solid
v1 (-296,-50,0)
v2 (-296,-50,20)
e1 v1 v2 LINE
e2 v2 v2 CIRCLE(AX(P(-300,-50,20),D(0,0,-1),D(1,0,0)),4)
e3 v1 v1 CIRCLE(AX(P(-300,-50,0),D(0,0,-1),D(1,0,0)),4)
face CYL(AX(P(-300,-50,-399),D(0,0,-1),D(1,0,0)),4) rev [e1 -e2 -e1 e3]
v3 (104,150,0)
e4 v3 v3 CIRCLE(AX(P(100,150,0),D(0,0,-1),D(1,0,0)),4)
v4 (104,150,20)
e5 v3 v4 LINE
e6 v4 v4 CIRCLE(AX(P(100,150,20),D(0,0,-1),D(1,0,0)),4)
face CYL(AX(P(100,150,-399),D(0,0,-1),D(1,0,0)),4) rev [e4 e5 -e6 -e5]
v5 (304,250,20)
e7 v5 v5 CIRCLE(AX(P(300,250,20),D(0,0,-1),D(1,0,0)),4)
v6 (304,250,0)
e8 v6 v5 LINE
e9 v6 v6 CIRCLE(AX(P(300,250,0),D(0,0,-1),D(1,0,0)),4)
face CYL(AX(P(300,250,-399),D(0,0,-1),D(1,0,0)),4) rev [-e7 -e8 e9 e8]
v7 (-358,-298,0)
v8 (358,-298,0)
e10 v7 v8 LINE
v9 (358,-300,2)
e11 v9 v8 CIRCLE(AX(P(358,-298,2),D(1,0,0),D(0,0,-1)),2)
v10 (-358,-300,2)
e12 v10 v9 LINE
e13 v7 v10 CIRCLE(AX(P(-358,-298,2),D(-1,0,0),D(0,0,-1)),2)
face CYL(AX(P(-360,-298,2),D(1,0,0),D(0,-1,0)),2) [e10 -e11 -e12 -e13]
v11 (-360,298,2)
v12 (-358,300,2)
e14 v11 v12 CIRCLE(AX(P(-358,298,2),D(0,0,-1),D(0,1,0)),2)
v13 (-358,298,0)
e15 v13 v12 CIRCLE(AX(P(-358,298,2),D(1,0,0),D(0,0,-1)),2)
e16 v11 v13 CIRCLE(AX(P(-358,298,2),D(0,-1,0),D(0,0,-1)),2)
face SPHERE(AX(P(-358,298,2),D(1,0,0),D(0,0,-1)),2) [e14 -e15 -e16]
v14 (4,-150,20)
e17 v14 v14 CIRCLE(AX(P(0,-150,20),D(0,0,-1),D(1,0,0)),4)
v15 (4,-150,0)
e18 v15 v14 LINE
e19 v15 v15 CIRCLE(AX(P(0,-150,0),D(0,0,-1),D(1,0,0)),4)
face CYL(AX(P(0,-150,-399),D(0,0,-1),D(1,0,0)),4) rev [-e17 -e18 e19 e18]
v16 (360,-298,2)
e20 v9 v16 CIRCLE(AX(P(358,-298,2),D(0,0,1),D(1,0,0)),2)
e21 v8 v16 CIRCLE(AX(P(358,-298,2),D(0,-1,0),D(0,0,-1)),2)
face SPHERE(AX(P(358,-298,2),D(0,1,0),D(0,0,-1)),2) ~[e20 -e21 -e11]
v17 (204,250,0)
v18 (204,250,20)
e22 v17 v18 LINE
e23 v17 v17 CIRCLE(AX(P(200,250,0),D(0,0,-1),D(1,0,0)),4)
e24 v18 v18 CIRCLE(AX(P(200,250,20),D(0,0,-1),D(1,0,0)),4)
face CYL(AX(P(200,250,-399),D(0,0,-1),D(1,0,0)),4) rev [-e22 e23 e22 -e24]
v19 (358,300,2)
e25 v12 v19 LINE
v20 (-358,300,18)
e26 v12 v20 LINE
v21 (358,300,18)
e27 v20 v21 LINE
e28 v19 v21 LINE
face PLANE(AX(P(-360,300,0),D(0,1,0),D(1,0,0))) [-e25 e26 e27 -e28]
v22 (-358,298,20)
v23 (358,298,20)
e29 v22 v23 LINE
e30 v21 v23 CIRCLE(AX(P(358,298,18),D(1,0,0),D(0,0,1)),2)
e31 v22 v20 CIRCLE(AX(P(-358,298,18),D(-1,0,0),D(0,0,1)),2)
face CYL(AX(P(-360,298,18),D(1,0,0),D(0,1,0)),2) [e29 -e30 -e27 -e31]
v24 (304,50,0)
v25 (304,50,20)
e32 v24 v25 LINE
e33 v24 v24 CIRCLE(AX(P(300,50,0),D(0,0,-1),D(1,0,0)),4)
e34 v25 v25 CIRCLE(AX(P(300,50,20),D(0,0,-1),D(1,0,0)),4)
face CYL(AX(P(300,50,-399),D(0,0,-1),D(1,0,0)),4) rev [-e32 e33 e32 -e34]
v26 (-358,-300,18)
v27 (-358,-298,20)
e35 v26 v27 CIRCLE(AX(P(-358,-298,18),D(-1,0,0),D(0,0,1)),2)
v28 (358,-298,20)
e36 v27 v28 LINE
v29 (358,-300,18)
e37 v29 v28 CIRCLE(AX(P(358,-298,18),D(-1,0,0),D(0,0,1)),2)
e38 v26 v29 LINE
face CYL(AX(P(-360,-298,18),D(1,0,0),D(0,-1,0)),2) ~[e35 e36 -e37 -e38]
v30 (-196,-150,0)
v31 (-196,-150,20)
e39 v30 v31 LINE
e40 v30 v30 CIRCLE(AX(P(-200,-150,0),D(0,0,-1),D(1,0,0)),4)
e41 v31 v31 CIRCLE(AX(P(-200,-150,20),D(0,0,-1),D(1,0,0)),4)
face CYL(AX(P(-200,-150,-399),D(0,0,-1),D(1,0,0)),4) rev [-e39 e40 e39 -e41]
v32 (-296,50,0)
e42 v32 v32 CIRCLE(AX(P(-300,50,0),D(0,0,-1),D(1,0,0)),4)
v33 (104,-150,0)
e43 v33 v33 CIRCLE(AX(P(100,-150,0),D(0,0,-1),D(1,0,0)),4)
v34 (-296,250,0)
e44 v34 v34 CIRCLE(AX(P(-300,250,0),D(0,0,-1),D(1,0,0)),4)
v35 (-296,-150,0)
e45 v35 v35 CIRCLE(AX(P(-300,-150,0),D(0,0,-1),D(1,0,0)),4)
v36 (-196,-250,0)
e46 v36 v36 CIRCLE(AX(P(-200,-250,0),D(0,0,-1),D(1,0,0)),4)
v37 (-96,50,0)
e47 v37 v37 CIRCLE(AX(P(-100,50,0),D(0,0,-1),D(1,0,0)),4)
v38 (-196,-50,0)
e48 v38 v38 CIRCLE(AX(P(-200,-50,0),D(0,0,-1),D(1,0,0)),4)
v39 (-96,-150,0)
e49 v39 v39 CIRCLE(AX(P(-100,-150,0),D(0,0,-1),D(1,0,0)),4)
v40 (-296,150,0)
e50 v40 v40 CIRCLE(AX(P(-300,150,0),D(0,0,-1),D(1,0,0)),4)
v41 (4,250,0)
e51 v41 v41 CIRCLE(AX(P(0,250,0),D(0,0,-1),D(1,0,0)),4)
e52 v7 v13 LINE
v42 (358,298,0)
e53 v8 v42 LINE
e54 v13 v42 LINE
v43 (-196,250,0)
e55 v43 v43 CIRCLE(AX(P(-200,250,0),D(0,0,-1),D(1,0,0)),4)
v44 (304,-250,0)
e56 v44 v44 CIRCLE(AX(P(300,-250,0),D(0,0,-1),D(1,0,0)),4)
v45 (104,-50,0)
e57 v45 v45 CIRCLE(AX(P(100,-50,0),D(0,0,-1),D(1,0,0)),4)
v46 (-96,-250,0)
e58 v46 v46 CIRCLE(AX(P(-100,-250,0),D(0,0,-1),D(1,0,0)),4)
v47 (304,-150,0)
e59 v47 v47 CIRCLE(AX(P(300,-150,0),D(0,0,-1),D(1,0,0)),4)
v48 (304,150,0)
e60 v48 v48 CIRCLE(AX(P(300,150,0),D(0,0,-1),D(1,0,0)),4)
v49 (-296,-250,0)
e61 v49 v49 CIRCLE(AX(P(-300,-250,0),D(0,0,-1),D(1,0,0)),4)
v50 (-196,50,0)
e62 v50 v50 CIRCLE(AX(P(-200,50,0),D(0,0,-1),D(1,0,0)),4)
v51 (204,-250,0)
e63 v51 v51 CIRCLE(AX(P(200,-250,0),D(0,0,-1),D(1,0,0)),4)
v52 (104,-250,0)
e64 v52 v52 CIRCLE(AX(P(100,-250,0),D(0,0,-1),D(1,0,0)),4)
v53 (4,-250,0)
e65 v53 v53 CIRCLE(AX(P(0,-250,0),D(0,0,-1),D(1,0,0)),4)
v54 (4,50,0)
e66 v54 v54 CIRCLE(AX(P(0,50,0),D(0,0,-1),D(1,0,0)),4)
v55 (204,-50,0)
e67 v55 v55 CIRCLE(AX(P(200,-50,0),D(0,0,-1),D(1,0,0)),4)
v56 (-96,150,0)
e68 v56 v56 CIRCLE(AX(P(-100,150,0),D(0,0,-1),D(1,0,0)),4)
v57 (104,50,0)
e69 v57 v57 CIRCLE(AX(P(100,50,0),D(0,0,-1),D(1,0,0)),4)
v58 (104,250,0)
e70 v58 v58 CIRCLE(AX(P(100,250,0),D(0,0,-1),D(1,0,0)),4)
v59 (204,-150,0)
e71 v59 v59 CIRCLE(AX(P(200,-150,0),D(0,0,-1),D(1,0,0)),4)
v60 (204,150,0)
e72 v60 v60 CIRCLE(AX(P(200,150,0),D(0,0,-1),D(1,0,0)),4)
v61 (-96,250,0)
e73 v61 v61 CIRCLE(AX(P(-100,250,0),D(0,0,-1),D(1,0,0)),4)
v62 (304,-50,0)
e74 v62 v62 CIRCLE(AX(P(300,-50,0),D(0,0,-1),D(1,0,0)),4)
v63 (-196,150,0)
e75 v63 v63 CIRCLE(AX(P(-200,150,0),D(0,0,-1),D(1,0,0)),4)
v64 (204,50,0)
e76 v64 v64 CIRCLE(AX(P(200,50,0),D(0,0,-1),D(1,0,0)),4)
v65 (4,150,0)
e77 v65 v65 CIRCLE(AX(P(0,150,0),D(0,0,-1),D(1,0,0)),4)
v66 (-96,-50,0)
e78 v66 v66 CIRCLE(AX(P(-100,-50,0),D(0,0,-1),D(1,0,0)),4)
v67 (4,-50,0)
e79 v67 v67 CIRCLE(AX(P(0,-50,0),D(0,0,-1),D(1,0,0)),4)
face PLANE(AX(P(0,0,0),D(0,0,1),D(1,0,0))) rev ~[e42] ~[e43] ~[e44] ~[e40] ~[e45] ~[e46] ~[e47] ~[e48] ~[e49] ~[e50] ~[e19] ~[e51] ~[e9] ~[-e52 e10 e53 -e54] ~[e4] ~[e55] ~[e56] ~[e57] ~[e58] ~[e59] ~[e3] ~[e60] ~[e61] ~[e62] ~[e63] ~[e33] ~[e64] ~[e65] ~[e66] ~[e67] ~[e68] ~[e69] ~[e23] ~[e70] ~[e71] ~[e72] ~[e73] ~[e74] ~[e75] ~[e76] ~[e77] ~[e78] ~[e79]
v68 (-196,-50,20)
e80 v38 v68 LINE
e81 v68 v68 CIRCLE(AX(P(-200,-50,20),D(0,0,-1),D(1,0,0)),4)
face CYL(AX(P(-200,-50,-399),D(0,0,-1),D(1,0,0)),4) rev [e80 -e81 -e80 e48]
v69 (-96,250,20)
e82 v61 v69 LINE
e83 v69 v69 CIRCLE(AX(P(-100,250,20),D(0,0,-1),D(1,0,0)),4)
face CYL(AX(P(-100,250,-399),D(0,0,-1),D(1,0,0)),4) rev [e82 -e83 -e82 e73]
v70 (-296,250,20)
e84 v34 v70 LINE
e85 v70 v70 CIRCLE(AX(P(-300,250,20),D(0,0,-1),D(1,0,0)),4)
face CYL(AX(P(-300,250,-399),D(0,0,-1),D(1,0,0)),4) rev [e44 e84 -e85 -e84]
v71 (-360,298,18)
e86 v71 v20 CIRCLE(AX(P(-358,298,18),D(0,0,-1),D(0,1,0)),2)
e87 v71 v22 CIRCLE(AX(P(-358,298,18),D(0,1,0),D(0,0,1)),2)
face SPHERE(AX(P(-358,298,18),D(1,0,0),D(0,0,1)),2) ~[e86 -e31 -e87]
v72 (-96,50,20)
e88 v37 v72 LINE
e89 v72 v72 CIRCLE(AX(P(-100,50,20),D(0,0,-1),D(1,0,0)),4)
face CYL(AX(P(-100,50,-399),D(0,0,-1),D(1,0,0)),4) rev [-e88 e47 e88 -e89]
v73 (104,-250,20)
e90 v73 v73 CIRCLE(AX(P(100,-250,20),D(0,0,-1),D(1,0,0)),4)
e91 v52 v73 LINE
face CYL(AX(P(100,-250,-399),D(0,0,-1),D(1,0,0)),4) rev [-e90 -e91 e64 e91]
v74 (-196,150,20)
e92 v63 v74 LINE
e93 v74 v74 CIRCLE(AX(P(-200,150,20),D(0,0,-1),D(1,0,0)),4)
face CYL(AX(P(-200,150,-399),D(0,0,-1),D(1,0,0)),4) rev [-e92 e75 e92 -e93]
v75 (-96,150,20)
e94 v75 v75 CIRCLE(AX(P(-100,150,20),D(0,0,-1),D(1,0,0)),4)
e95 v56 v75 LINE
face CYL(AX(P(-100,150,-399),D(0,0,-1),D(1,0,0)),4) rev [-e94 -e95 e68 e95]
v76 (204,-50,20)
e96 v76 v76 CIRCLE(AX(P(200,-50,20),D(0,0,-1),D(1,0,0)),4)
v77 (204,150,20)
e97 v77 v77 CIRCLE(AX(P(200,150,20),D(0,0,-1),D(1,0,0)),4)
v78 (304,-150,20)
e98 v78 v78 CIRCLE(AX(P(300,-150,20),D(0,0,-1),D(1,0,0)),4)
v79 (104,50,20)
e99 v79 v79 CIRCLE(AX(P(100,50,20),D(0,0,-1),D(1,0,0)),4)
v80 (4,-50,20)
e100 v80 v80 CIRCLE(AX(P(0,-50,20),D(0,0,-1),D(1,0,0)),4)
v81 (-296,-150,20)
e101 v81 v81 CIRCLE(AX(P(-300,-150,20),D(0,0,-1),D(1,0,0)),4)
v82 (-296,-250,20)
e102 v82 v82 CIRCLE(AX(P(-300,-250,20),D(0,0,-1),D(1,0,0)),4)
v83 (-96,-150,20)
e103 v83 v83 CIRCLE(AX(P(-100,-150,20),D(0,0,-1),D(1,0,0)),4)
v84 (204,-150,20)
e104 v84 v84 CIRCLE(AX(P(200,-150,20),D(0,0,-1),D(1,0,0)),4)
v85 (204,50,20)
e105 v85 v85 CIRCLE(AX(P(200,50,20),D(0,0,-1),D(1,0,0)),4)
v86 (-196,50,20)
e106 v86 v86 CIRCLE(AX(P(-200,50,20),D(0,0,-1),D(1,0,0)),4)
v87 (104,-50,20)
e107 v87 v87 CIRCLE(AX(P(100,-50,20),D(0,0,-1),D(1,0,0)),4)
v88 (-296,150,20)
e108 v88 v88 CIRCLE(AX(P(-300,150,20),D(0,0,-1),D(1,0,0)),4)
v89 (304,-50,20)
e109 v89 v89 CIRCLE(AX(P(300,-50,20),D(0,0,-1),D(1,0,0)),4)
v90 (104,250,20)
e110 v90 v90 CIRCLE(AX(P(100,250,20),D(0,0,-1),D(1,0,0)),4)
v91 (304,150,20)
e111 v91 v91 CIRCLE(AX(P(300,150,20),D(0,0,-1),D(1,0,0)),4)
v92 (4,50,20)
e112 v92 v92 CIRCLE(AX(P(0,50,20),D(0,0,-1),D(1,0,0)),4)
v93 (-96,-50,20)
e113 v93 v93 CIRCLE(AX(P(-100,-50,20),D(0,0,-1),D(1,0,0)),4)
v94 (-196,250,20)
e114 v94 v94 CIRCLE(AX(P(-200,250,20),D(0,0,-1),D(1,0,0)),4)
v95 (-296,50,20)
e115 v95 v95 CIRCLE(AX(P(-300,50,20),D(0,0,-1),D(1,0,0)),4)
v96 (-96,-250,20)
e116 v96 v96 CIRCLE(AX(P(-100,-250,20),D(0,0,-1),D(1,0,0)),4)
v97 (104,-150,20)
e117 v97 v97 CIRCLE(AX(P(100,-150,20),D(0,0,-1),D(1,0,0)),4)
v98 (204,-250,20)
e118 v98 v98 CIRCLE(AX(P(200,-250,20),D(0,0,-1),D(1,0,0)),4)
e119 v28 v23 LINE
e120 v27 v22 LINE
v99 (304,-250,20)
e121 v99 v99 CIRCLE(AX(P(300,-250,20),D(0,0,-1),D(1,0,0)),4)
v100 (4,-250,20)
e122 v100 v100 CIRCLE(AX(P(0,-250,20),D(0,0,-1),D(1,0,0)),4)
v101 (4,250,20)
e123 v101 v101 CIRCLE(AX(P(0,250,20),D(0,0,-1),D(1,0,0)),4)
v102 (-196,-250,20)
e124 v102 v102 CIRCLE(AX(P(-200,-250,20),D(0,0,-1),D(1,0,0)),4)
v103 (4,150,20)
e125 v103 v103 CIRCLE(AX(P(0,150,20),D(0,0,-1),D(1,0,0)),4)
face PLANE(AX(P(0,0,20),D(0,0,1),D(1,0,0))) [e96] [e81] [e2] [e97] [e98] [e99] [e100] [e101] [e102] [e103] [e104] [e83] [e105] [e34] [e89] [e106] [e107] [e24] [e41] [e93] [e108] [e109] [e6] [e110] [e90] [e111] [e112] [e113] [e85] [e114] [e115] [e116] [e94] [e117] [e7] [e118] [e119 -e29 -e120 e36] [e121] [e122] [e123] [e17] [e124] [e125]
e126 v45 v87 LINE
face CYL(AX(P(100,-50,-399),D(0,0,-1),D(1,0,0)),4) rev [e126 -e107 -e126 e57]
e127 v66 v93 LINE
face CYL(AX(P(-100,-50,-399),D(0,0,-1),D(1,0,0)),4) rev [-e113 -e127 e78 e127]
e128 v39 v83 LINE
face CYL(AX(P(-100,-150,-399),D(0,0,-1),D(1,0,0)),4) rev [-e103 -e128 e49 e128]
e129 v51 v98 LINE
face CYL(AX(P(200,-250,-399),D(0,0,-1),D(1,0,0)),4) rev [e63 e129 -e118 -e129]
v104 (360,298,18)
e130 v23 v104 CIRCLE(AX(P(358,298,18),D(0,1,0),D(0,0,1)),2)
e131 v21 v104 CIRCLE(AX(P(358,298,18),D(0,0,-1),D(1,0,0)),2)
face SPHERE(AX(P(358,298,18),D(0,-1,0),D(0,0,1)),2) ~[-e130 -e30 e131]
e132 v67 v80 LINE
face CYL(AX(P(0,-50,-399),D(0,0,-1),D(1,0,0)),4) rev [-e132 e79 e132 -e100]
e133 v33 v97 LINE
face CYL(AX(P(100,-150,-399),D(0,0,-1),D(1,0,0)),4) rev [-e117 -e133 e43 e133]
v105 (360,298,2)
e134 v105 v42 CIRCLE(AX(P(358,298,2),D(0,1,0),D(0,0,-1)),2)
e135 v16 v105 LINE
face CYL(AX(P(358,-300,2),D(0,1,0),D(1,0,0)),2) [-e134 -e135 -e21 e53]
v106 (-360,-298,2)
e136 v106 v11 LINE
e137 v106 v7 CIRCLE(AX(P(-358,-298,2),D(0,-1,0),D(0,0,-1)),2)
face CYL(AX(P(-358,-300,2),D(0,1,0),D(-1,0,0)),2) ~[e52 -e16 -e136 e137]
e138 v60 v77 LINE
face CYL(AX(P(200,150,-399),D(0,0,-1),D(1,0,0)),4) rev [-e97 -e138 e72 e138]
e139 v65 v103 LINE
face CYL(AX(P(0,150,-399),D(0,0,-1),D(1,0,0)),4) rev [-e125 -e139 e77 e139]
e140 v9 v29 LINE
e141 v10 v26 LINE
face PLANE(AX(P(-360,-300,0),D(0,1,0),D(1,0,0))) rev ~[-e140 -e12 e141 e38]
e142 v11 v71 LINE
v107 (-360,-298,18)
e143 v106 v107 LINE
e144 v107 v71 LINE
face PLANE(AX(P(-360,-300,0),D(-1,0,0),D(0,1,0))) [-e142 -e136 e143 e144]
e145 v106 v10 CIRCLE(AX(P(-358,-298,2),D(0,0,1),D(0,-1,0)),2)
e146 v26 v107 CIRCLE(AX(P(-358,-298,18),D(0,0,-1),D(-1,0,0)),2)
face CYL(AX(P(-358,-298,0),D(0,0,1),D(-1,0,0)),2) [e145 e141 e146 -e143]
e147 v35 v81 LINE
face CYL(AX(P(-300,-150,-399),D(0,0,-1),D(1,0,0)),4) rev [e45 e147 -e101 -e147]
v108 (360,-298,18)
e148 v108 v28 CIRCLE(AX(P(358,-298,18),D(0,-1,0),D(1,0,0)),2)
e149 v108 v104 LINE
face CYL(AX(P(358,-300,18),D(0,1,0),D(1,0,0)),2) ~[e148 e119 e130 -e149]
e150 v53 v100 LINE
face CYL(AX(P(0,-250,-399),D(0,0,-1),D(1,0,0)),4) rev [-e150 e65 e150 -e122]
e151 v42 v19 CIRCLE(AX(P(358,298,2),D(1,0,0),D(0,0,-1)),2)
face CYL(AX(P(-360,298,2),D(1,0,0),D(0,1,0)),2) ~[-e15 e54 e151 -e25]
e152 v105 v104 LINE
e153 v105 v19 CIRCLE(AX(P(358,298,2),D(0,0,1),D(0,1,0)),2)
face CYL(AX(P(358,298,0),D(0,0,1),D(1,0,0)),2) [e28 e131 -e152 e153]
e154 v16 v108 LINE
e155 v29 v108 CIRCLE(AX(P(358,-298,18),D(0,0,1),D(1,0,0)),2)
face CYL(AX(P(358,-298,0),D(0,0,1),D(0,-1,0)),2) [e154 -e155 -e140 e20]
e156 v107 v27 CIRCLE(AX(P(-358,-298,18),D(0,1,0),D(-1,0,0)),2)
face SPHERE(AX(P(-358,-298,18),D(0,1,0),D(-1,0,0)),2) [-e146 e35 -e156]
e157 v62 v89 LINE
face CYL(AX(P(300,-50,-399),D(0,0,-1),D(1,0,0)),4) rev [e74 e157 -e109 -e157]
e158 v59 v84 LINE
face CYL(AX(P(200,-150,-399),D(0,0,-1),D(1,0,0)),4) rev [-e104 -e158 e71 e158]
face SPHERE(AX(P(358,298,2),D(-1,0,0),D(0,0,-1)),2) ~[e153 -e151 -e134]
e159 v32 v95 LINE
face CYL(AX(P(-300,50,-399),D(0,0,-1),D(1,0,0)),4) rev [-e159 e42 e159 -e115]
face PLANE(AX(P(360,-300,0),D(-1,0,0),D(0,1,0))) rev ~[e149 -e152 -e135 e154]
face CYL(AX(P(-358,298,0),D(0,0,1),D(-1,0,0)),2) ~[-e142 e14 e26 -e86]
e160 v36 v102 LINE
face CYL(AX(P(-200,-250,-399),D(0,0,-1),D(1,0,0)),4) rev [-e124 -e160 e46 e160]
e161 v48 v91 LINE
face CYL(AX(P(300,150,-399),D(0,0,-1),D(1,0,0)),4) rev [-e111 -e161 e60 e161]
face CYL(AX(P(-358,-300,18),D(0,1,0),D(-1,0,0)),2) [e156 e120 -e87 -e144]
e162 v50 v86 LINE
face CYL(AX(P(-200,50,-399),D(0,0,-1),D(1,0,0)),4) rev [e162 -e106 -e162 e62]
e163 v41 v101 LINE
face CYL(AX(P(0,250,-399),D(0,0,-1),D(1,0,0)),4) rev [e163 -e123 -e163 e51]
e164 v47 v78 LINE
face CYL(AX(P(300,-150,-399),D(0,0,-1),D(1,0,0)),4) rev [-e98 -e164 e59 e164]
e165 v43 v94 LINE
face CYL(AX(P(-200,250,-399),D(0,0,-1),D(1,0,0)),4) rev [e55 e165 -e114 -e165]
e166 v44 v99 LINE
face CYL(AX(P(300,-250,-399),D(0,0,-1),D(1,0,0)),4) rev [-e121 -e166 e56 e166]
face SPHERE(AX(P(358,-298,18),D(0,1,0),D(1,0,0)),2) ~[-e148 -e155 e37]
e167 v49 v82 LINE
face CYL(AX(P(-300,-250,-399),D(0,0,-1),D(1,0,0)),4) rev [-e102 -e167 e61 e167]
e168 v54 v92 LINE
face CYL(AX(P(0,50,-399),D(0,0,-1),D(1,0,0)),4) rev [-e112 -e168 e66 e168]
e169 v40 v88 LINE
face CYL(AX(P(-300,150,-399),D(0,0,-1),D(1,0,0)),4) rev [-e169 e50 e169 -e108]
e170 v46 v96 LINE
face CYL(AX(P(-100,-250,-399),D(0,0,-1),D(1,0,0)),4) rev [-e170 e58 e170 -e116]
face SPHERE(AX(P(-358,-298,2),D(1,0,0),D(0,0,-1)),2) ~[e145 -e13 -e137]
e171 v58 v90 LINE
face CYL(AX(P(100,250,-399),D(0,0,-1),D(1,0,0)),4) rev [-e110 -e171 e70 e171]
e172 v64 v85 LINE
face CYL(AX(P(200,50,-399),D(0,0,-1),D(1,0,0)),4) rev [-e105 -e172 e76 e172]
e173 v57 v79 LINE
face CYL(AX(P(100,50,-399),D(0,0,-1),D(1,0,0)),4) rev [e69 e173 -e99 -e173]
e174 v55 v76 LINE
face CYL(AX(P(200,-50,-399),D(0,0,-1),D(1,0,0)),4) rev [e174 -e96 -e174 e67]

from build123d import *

# Parameters (mm, degrees)
SKETCH1_W               = 720
SKETCH1_H               = 600
BOSS_EXTRUDE1_DEPTH     = 20
FILLET1_R               = 2
CUT_EXTRUDE2_DEPTH      = 470.041575982
CUT_EXTRUDE2_DEPTH_BACK = 419
SKETCH2_R               = 4


with BuildPart() as part:
    # Sketch1 → Boss-Extrude1 (new body)
    with BuildSketch(Plane.XY):
        Rectangle(SKETCH1_W, SKETCH1_H)
    extrude(amount=BOSS_EXTRUDE1_DEPTH)

    # Fillet1
    fillet1_edges = [part.edges().sort_by_distance(p)[0] for p in [
        (360, 0, 20),
        (0, 300, 20),
        (-360, 0, 20),
        (0, 300, 0),
        (360, 0, 0),
        (0, -300, 0),
        (-360, 0, 0),
        (-360, 300, 10),
        (360, 300, 10),
        (360, -300, 10),
        (-360, -300, 10),
        (0, -300, 20),
    ]]
    fillet(fillet1_edges, radius=FILLET1_R)

    # Sketch2 → Cut-Extrude2 (cut, two sides: drawn at the far end of the back side and taken through both)
    with BuildSketch(Plane.XY.offset(20).offset(-CUT_EXTRUDE2_DEPTH_BACK)):
        with Locations((-300, 250)):
            Circle(SKETCH2_R)
        with Locations((-200, 250)):
            Circle(SKETCH2_R)
        with Locations((-100, 250)):
            Circle(SKETCH2_R)
        with Locations((0, 250)):
            Circle(SKETCH2_R)
        with Locations((100, 250)):
            Circle(SKETCH2_R)
        with Locations((200, 250)):
            Circle(SKETCH2_R)
        with Locations((300, 250)):
            Circle(SKETCH2_R)
        with Locations((-200, 150)):
            Circle(SKETCH2_R)
        with Locations((-100, 150)):
            Circle(SKETCH2_R)
        with Locations((0, 150)):
            Circle(SKETCH2_R)
        with Locations((100, 150)):
            Circle(SKETCH2_R)
        with Locations((200, 150)):
            Circle(SKETCH2_R)
        with Locations((300, 150)):
            Circle(SKETCH2_R)
        with Locations((-200, 50)):
            Circle(SKETCH2_R)
        with Locations((-100, 50)):
            Circle(SKETCH2_R)
        with Locations((0, 50)):
            Circle(SKETCH2_R)
        with Locations((100, 50)):
            Circle(SKETCH2_R)
        with Locations((200, 50)):
            Circle(SKETCH2_R)
        with Locations((300, 50)):
            Circle(SKETCH2_R)
        with Locations((-200, -50)):
            Circle(SKETCH2_R)
        with Locations((-100, -50)):
            Circle(SKETCH2_R)
        with Locations((0, -50)):
            Circle(SKETCH2_R)
        with Locations((100, -50)):
            Circle(SKETCH2_R)
        with Locations((200, -50)):
            Circle(SKETCH2_R)
        with Locations((300, -50)):
            Circle(SKETCH2_R)
        with Locations((-200, -150)):
            Circle(SKETCH2_R)
        with Locations((-100, -150)):
            Circle(SKETCH2_R)
        with Locations((0, -150)):
            Circle(SKETCH2_R)
        with Locations((100, -150)):
            Circle(SKETCH2_R)
        with Locations((200, -150)):
            Circle(SKETCH2_R)
        with Locations((300, -150)):
            Circle(SKETCH2_R)
        with Locations((-300, 150)):
            Circle(SKETCH2_R)
        with Locations((-300, 50)):
            Circle(SKETCH2_R)
        with Locations((-300, -50)):
            Circle(SKETCH2_R)
        with Locations((-300, -150)):
            Circle(SKETCH2_R)
        with Locations((-300, -250)):
            Circle(SKETCH2_R)
        with Locations((-200, -250)):
            Circle(SKETCH2_R)
        with Locations((-100, -250)):
            Circle(SKETCH2_R)
        with Locations((0, -250)):
            Circle(SKETCH2_R)
        with Locations((100, -250)):
            Circle(SKETCH2_R)
        with Locations((200, -250)):
            Circle(SKETCH2_R)
        with Locations((300, -250)):
            Circle(SKETCH2_R)
    extrude(amount=CUT_EXTRUDE2_DEPTH + CUT_EXTRUDE2_DEPTH_BACK, mode=Mode.SUBTRACT)


solid = part.part
